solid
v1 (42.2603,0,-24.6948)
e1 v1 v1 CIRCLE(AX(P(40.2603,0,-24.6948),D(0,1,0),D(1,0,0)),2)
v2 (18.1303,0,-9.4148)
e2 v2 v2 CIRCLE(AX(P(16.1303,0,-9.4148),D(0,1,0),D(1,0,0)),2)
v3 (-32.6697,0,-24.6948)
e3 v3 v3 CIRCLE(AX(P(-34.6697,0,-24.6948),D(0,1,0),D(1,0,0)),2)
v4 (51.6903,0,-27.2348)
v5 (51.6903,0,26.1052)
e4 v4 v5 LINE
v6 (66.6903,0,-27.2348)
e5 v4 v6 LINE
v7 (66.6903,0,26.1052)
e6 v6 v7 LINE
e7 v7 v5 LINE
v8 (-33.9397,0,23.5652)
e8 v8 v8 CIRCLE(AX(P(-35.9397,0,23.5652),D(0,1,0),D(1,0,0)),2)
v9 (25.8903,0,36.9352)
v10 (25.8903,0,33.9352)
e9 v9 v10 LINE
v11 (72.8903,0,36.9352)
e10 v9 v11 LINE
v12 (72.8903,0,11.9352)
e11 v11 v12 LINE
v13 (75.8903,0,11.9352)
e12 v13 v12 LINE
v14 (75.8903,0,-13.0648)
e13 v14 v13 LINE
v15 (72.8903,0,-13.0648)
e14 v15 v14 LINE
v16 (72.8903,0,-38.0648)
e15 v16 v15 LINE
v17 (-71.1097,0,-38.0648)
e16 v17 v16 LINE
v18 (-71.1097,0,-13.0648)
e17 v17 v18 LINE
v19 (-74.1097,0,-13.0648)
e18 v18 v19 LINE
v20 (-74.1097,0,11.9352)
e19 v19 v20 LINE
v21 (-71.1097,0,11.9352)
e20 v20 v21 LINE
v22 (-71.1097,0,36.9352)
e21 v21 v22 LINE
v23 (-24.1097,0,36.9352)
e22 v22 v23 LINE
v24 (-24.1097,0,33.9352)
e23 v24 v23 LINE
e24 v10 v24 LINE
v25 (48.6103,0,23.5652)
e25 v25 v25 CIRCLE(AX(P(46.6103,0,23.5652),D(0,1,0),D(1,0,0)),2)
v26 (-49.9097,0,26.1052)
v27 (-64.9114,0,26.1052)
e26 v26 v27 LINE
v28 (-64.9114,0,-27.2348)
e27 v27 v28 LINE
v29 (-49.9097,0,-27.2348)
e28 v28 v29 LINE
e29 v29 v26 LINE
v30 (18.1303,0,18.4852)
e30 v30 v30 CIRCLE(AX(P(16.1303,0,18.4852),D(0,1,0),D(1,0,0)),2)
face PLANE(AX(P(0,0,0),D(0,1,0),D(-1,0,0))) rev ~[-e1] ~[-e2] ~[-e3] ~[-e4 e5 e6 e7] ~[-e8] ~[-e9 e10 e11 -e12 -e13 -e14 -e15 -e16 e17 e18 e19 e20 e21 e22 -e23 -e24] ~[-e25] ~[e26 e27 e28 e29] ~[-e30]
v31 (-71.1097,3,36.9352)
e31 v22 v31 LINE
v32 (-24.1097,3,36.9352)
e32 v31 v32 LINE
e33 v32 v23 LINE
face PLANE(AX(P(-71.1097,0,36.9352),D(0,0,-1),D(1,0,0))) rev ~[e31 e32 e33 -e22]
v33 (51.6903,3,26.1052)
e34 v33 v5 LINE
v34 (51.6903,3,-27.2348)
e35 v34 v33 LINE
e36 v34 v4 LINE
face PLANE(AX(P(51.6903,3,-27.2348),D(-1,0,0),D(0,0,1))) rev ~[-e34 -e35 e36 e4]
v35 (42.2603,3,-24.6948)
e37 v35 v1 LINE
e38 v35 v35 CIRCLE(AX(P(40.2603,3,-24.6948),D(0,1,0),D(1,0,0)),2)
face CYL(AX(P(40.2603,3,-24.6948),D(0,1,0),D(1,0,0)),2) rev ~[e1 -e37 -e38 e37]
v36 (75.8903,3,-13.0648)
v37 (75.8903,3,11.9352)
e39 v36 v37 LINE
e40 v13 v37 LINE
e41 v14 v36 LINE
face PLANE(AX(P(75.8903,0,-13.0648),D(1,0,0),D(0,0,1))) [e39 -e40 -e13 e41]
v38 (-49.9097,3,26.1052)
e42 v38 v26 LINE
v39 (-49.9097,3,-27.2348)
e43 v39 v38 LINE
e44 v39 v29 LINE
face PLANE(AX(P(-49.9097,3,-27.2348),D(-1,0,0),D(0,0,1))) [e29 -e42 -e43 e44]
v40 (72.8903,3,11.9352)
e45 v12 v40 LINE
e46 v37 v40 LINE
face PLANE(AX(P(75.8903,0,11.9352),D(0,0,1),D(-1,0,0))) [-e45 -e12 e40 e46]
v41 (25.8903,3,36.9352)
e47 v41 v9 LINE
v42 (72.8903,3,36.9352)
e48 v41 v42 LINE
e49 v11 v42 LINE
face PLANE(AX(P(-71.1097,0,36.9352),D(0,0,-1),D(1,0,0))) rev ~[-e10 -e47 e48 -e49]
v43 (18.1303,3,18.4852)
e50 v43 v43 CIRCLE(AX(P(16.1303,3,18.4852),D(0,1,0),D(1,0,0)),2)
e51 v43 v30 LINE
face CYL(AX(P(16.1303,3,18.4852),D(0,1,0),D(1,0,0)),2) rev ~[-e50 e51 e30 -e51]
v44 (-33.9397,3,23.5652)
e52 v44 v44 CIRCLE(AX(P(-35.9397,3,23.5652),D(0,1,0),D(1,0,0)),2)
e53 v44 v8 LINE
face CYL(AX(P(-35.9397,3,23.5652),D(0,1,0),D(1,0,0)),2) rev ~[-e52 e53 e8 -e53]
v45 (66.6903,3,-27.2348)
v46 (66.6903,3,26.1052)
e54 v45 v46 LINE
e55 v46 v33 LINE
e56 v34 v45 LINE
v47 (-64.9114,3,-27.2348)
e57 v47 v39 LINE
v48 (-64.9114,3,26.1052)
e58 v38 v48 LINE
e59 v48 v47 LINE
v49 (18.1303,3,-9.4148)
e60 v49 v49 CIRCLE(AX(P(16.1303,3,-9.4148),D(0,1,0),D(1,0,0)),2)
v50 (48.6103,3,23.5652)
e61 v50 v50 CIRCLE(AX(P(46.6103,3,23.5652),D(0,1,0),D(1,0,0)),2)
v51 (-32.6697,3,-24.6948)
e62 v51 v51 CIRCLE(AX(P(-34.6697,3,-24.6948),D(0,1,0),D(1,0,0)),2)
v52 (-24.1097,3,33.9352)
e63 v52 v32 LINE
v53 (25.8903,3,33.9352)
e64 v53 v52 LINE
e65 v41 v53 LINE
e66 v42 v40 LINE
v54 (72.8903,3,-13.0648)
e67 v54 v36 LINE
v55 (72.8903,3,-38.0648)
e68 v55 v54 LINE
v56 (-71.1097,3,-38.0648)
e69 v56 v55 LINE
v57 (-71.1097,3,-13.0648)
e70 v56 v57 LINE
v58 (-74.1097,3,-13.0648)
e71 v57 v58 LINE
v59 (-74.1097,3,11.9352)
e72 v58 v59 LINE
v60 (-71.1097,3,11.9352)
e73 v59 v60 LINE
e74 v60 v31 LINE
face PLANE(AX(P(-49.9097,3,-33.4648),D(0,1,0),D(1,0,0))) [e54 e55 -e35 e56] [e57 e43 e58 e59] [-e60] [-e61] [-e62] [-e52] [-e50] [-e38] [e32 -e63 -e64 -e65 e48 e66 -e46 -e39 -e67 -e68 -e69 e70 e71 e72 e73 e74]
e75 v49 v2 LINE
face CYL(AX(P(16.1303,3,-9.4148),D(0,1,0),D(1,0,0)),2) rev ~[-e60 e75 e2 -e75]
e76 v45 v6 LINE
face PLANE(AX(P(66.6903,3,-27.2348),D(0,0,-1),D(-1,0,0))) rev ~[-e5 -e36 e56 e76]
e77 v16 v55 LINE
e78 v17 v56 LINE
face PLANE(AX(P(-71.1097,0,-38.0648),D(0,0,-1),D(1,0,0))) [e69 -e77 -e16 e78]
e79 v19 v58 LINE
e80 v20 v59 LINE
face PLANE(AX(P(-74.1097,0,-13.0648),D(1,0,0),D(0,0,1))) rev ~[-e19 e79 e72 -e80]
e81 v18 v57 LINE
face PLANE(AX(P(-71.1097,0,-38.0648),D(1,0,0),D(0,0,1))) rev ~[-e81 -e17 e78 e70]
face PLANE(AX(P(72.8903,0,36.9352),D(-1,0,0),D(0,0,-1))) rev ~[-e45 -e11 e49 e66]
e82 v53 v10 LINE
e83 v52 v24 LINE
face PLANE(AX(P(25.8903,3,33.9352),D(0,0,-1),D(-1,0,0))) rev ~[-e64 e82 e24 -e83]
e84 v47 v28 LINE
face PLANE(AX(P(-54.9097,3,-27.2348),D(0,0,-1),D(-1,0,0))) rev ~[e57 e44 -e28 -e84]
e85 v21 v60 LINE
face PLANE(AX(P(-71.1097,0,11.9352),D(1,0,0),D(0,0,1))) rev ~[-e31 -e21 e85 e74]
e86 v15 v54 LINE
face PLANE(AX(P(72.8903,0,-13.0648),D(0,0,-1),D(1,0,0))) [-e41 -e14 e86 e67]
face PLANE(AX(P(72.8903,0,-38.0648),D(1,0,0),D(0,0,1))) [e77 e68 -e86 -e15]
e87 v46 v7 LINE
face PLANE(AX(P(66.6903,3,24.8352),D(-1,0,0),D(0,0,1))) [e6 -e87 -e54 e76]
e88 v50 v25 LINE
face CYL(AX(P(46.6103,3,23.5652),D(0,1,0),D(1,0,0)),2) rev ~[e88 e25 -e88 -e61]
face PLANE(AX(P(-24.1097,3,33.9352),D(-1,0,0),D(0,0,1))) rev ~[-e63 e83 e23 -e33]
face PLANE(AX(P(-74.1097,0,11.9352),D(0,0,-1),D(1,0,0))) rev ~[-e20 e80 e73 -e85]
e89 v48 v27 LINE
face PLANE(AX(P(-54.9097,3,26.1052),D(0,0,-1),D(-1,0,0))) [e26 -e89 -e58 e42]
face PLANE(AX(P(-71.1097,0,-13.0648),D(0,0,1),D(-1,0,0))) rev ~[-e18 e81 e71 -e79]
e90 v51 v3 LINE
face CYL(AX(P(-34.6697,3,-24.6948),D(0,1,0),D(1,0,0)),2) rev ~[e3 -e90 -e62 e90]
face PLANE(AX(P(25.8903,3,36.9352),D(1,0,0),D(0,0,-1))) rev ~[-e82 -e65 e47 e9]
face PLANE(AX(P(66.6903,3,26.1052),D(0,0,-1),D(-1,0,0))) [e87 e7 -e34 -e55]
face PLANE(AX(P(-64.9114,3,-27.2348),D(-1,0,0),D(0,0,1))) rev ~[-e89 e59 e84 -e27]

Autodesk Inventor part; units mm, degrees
ref_plane "YZ Plane" through (0, 0, 0) normal (1, 0, 0) x (0, 1, 0)
ref_plane "XZ Plane" through (0, 0, 0) normal (0, 1, 0) x (-1, 0, 0)
ref_plane "XY Plane" through (0, 0, 0) normal (0, 0, 1) x (1, 0, 0)
sketch "Sketch1" plane through (0, 0, 0) normal (0, 1, 0) x (-1, 0, 0)
  line L0 (71.1097, -38.0648) -> (71.1097, -13.0648)
  line L1 (71.1097, -13.0648) -> (74.1097, -13.0648)
  line L2 (74.1097, -13.0648) -> (74.1097, 11.9352)
  line L3 (74.1097, 11.9352) -> (71.1097, 11.9352)
  line L4 (71.1097, 11.9352) -> (71.1097, 36.9352)
  line L5 (-72.8903, -38.0648) -> (-72.8903, -13.0648)
  line L6 (-72.8903, 36.9352) -> (-72.8903, 11.9352)
  line L7 (-72.8903, -13.0648) -> (-75.8903, -13.0648)
  line L8 (-75.8903, -13.0648) -> (-75.8903, 11.9352)
  line L9 (-75.8903, 11.9352) -> (-72.8903, 11.9352)
  line L10 (71.1097, -38.0648) -> (-72.8903, -38.0648)
  line L11 (71.1097, 36.9352) -> (-72.8903, 36.9352)
  point P0 (0, 0)
extrude "Extrusion1" add sketch "Sketch1" along normal blind 3
sketch "Sketch2" plane through (0, 3, 0) normal (0, 1, 0) x (1, 0, 0)
  line L0 (-74.1097, 13.0648) -> (-74.1097, -11.9352) projected
  line L1 (75.8903, -11.9352) -> (75.8903, 13.0648) projected
  line L2 (-71.1097, -36.9352) -> (72.8903, -36.9352) projected
  line L3 (-24.1097, -36.9352) -> (25.8903, -36.9352)
  line L4 (25.8903, -36.9352) -> (25.8903, -33.9352)
  line L5 (25.8903, -33.9352) -> (-24.1097, -33.9352)
  line L6 (-24.1097, -33.9352) -> (-24.1097, -36.9352)
  line L7 (72.8903, 38.0648) -> (-71.1097, 38.0648) projected
  point P0 (0, 0)
  dimension "d13" = 50
  dimension "d14" = 3
extrude "Extrusion2" cut sketch "Sketch2" against normal blind 30
sketch "Sketch3" plane through (0, 3, 0) normal (0, 1, 0) x (1, 0, 0)
  line L0 (-71.1097, -36.9352) -> (-24.1097, -36.9352) projected
  line L1 (-74.1097, 13.0648) -> (-74.1097, -11.9352) projected
  line L2 (-54.9097, 25.4648) -> (-64.9114, 25.4648)
  line L3 (-64.9114, 25.4648) -> (-64.9114, -24.8352)
  line L4 (-64.9114, -24.8352) -> (-54.9097, -24.8352)
  line L5 (-54.9097, -24.8352) -> (-54.9097, 25.4648)
  line L6 (56.6903, 25.4648) -> (66.6903, 25.4648)
  line L7 (66.6903, 25.4648) -> (66.6903, -24.8352)
  line L8 (66.6903, -24.8352) -> (56.6903, -24.8352)
  line L9 (56.6903, -24.8352) -> (56.6903, 25.4648)
  circle A0 centre (-34.6697, 22.9248) radius 2
  circle A1 centre (-35.9397, -22.2952) radius 2
  circle A2 centre (40.2603, 22.9248) radius 2
  circle A3 centre (46.6103, -22.2952) radius 2
  line L10 (-49.9097, 28.4648) -> (51.6903, 28.4648)
  line L11 (51.6903, 28.4648) -> (51.6903, 33.4648)
  line L12 (51.6903, 33.4648) -> (-49.9097, 33.4648)
  line L13 (-49.9097, 33.4648) -> (-49.9097, 28.4648)
  point P0 (0, 0)
  dimension "d32" = 4
  dimension "d35" = 4
  dimension "d38" = 4
  dimension "d39" = 4
extrude "Extrusion3" cut sketch "Sketch3" against normal blind 10
sketch "Sketch4" plane through (-49.9097, 3, -33.4648) normal (0, 0, 1) x (1, 0, 0)
  line L0 (0, 0) -> (101.6, 0) projected
  line L1 (0, 0) -> (101.6, 0)
  line L2 (101.6, 0) -> (101.6, -3)
  line L3 (101.6, -3) -> (0, -3)
  line L4 (0, -3) -> (0, 0)
  point P0 (49.9097, -3)
extrude "Extrusion4" add sketch "Sketch4" along normal blind 5.2375
sketch "Sketch5" plane through (0, 3, 0) normal (0, 1, 0) x (1, 0, 0)
  circle A0 centre (-34.6697, 22.9248) radius 2 projected
  circle A1 centre (-34.6697, 22.9248) radius 2
  circle A2 centre (40.2603, 22.9248) radius 2 projected
  circle A3 centre (40.2603, 22.9248) radius 2
  circle A4 centre (46.6103, -22.2952) radius 2 projected
  circle A5 centre (46.6103, -22.2952) radius 2
  circle A6 centre (-35.9397, -22.2952) radius 2 projected
  circle A7 centre (-35.9397, -22.2952) radius 2
  point P0 (0, 0)
extrude "Extrusion5" add sketch "Sketch5" against normal blind 3
sketch "Sketch6" plane through (0, 3, 0) normal (0, 1, 0) x (1, 0, 0)
  point P0 (0, 0)
sketch "Sketch7" plane through (0, 3, 0) normal (0, 1, 0) x (1, 0, 0)
  line L0 (-54.9097, -24.8352) -> (-54.9097, 25.4648) projected
  line L1 (56.6903, 25.4648) -> (56.6903, -24.8352) projected
  line L2 (72.8903, 38.0648) -> (-71.1097, 38.0648) projected
  line L3 (25.8903, -36.9352) -> (72.8903, -36.9352) projected
  line L4 (-74.1097, 13.0648) -> (-74.1097, -11.9352) projected
  line L5 (75.8903, -11.9352) -> (75.8903, 13.0648) projected
  line L6 (-64.9114, 25.4648) -> (-64.9114, -24.8352) projected
  line L7 (-64.9114, 25.4648) -> (-54.9097, 25.4648)
  line L8 (-54.9097, 25.4648) -> (-54.9097, 27.2348)
  line L9 (-54.9097, 27.2348) -> (-64.9114, 27.2348)
  line L10 (-64.9114, 27.2348) -> (-64.9114, 25.4648)
  line L11 (-64.9114, -24.8352) -> (-54.9097, -24.8352)
  line L12 (-54.9097, -24.8352) -> (-54.9097, -26.1052)
  line L13 (-54.9097, -26.1052) -> (-64.9114, -26.1052)
  line L14 (-64.9114, -26.1052) -> (-64.9114, -24.8352)
  line L15 (56.6903, -24.8352) -> (66.6903, -24.8352) projected
  line L16 (56.6903, -24.8352) -> (66.6903, -24.8352)
  line L17 (66.6903, -24.8352) -> (66.6903, -26.1052)
  line L18 (66.6903, -26.1052) -> (56.6903, -26.1052)
  line L19 (56.6903, -26.1052) -> (56.6903, -24.8352)
  line L20 (66.6903, 25.4648) -> (56.6903, 25.4648) projected
  line L21 (56.6903, 25.4648) -> (66.6903, 25.4648)
  line L22 (66.6903, 25.4648) -> (66.6903, 27.2348)
  line L23 (66.6903, 27.2348) -> (56.6903, 27.2348)
  line L24 (56.6903, 27.2348) -> (56.6903, 25.4648)
  circle A0 centre (-35.9397, -23.5652) radius 2
  circle A1 centre (46.6103, -23.5652) radius 2
  circle A2 centre (-34.6697, 24.6948) radius 2
  circle A3 centre (40.2603, 24.6948) radius 2
  circle A4 centre (16.1303, -18.4852) radius 2
  circle A5 centre (16.1303, 9.4148) radius 2
  point P0 (0, 0)
  dimension "d61" = 4
  dimension "d63" = 4
  dimension "d69" = 4
  dimension "d71" = 4
  dimension "d74" = 4
  dimension "d76" = 4
extrude "Extrusion6" cut sketch "Sketch7" against normal blind 3 contours L12 L13 L14 L11 | L7 L10 L9 L8 | L15 L17 L18 L19 | L24 L23 L22 L20 | A0 | A1 | A2 | A3 | A4 | A5
sketch "Sketch8" plane through (0, 3, 0) normal (0, 1, 0) x (1, 0, 0)
  point P0 (0, 0)
sketch "Sketch9" plane through (0, 3, 0) normal (0, 1, 0) x (1, 0, 0)
  circle A0 centre (46.6103, -23.5652) radius 2 projected
  circle A1 centre (-35.9397, -23.5652) radius 2 projected
  circle A2 centre (40.2603, 24.6948) radius 2 projected
  point P0 (0, 0)
sketch "Sketch10" plane through (0, 3, 0) normal (0, 1, 0) x (1, 0, 0)
  line L0 (56.6903, 27.2348) -> (66.6903, 27.2348) projected
  line L1 (56.6903, 27.2348) -> (51.6903, 27.2348)
  line L2 (51.6903, 27.2348) -> (51.6903, -26.1052)
  line L3 (51.6903, -26.1052) -> (56.6903, -26.1052)
  line L4 (56.6903, -26.1052) -> (56.6903, 27.2348)
  line L5 (-54.9097, -26.1052) -> (-54.9097, 27.2348) projected
  line L6 (-54.9097, 27.2348) -> (-49.9097, 27.2348)
  line L7 (-49.9097, 27.2348) -> (-49.9097, -26.1052)
  line L8 (-49.9097, -26.1052) -> (-54.9097, -26.1052)
  line L9 (-54.9097, -26.1052) -> (-54.9097, 27.2348)
  point P0 (0, 0)
  dimension "d79" = 5
  dimension "d80" = 5
extrude "Extrusion7" cut sketch "Sketch10" against normal blind 10
properties part number "Level2 (Arduino)"
